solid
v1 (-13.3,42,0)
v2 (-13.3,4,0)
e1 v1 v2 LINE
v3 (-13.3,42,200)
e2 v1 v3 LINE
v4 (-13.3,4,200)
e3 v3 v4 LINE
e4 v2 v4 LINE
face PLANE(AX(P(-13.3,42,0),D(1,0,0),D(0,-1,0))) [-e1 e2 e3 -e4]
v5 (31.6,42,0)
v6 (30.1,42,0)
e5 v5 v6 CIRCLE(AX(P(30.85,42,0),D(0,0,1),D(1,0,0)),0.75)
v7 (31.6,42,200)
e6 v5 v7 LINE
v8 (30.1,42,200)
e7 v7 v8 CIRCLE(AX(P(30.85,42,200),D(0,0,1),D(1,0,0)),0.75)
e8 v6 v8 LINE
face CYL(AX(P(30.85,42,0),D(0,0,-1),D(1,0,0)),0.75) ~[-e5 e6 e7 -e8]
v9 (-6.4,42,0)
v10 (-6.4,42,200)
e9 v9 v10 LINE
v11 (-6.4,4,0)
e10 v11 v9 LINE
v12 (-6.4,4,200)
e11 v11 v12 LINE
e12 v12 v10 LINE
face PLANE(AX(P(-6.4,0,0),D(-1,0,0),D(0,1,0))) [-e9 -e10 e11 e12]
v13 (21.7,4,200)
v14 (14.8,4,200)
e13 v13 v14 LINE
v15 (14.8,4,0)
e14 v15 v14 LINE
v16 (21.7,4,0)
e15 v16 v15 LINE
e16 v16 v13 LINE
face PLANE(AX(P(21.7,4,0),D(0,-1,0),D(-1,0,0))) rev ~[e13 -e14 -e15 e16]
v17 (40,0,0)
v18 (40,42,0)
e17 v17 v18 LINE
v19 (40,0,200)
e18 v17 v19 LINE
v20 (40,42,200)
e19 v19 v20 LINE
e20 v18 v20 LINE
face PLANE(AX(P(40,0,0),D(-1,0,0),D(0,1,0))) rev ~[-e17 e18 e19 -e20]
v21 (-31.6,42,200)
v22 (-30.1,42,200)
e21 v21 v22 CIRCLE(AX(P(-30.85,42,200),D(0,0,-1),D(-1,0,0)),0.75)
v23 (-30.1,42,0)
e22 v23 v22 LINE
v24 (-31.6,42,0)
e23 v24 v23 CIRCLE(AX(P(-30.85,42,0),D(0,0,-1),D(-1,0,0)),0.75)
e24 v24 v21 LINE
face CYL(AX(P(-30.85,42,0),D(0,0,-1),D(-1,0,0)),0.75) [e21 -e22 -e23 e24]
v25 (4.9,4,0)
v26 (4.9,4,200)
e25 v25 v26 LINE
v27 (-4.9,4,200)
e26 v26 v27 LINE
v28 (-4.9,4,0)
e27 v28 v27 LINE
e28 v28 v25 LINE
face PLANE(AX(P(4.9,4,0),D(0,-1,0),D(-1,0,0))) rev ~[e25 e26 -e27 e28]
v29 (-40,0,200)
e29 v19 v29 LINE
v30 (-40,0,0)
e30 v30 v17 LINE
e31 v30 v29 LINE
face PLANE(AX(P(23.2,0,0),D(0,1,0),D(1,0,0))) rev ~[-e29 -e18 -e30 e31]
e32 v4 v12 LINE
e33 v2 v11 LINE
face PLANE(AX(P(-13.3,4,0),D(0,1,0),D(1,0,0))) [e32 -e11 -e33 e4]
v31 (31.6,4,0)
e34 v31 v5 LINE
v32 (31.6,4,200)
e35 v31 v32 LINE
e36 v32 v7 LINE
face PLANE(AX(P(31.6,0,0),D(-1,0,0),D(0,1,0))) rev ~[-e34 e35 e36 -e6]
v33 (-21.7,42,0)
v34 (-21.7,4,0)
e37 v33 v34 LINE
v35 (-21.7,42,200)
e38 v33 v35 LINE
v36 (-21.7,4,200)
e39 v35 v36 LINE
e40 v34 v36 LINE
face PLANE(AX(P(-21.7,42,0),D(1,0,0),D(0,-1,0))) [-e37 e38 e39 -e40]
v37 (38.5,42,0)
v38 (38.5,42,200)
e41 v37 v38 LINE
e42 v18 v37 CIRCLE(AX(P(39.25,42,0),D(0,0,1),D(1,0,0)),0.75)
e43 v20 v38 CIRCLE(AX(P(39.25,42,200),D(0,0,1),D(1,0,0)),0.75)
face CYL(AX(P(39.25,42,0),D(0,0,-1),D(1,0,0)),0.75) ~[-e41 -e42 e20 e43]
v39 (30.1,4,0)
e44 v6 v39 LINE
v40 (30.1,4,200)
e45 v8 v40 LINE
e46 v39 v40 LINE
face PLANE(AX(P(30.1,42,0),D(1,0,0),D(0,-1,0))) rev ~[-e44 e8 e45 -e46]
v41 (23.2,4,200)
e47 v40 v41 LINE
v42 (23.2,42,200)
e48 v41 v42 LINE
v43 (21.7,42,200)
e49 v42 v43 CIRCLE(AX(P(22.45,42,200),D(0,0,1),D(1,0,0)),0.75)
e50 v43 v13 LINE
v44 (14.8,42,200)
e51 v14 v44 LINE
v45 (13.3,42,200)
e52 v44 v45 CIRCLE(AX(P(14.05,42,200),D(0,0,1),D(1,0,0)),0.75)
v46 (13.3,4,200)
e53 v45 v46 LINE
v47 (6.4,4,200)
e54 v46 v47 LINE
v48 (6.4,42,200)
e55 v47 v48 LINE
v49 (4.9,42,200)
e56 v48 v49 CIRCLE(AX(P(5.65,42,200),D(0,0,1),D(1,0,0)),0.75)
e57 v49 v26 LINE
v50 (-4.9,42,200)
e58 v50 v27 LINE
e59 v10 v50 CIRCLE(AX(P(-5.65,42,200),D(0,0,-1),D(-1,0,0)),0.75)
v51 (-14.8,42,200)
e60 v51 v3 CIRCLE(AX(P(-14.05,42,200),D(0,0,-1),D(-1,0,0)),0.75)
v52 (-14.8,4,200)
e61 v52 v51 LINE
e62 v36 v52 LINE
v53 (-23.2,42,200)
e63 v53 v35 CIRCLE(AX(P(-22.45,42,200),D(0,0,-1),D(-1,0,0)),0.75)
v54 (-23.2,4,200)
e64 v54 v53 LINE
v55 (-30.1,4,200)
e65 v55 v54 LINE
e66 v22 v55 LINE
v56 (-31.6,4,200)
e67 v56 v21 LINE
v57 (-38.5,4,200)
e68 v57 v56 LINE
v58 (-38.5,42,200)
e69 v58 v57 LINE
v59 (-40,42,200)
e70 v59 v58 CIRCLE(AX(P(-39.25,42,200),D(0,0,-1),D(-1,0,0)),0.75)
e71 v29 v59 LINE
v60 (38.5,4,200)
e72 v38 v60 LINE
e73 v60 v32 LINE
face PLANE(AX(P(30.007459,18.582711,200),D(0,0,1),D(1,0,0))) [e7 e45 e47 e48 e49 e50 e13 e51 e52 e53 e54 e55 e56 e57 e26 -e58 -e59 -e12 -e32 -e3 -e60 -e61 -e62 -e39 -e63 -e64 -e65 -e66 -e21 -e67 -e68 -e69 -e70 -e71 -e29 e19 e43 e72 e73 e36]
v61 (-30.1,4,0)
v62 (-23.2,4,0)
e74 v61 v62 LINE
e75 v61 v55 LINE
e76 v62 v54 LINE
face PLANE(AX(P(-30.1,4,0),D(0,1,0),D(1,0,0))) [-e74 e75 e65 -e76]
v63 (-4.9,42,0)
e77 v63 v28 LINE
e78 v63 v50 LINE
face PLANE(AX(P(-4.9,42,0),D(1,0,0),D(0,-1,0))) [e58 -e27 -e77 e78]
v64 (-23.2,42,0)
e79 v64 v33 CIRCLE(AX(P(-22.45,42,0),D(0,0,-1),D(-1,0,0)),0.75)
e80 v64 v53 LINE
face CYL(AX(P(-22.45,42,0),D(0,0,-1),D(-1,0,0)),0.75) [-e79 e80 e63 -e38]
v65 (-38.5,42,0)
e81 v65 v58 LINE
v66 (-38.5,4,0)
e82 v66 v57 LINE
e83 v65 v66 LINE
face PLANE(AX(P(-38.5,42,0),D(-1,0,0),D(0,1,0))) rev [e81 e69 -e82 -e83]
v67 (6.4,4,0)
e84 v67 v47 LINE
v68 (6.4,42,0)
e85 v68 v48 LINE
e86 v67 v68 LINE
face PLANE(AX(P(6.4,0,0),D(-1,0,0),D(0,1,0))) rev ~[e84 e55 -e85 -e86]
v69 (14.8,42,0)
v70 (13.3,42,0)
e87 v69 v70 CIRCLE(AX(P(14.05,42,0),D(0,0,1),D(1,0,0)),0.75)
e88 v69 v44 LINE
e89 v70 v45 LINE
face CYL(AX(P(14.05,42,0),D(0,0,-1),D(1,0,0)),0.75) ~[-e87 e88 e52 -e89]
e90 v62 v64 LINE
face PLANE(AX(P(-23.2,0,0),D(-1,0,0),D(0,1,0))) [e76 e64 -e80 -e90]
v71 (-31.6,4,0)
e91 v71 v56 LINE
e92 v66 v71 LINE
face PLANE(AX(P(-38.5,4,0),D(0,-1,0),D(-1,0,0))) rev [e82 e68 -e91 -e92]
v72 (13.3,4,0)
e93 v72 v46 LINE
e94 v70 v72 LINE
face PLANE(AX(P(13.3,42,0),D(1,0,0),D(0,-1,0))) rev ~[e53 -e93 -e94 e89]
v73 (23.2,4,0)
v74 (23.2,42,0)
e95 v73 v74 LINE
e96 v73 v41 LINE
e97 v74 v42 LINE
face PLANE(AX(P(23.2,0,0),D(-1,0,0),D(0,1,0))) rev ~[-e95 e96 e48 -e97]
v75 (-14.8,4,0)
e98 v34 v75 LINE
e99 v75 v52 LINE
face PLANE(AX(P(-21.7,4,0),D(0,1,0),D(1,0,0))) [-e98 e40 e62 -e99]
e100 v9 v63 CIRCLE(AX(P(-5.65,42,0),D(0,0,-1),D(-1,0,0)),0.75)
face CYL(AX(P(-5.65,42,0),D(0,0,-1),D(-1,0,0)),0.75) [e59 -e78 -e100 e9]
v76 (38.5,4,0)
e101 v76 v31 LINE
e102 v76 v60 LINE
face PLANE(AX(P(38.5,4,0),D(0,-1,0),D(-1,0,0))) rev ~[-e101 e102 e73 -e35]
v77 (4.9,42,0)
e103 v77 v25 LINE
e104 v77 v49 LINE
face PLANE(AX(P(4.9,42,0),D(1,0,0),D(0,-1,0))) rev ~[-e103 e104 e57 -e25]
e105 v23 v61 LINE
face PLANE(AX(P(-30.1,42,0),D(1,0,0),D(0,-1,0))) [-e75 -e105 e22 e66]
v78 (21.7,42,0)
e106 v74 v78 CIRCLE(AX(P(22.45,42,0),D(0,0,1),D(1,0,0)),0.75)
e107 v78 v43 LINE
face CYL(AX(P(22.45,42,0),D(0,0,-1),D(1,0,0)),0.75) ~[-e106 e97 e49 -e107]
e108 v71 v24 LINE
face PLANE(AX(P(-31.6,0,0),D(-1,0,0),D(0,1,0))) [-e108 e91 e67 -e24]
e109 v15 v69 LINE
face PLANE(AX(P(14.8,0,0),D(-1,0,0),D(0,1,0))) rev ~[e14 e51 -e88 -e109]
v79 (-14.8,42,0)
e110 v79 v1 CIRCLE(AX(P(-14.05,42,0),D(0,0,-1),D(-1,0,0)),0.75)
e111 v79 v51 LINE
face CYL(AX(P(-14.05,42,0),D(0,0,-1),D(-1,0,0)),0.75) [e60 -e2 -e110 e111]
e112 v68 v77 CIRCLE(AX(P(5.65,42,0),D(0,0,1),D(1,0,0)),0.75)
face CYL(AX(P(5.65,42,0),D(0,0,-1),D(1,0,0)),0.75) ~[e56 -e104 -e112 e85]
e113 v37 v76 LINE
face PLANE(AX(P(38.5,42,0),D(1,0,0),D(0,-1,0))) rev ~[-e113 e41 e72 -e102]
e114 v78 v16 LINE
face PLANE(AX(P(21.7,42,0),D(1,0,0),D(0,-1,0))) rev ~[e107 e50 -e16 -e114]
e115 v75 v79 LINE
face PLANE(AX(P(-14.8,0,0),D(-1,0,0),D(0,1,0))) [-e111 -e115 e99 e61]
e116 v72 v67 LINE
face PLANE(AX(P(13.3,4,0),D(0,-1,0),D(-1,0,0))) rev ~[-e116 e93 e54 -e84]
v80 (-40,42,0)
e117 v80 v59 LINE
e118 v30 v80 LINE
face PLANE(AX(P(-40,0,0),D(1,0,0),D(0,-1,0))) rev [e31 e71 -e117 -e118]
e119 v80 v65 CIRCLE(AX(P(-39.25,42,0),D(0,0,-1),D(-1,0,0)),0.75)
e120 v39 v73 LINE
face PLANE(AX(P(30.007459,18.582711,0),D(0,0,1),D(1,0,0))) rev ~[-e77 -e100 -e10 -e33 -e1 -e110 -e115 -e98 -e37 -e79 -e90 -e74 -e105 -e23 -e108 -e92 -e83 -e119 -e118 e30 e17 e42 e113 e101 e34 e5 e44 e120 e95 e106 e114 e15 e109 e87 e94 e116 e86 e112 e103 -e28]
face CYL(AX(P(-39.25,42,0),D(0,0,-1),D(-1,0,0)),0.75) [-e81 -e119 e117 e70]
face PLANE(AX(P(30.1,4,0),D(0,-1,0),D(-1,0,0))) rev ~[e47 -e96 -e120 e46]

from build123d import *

# Parameters (mm, degrees)
SALIENTE_EXTRUIR1_DEPTH = 200
MATRIZL1_COUNT          = 5
MATRIZL1_PITCH          = 8.4
SIMETR_A1_COPY_1_DEPTH  = 200
SIMETR_A1_COPY_2_DEPTH  = 200
SIMETR_A1_COPY_3_DEPTH  = 200
SIMETR_A1_COPY_4_DEPTH  = 200


with BuildPart() as part:
    # Croquis1 → Saliente-Extruir1 (new body)
    with BuildSketch(Plane.XY):
        with BuildLine():
            Line((31.6, 4), (31.6, 0))
            Line((31.6, 0), (40, 0))
            Line((40, 0), (40, 42))
            ThreePointArc((40, 42), (39.25, 42.75), (38.5, 42))
            Line((38.5, 42), (38.5, 4))
            Line((38.5, 4), (31.6, 4))
        make_face()
    saliente_extruir1 = extrude(amount=SALIENTE_EXTRUIR1_DEPTH)

    # MatrizL1: Saliente-Extruir1 ×5
    with Locations(*[(-i * MATRIZL1_PITCH, 0, 0) for i in range(1, MATRIZL1_COUNT)]):
        add(saliente_extruir1)



with BuildPart() as simetr_a1_1:
    # Simetría1: Saliente-Extruir1 across plane
    add(saliente_extruir1.mirror(Plane(origin=(0, 0, 0), x_dir=(0, 0, 1), z_dir=(1, 0, 0))))

    # Simetría1 copy 1 sketch → Simetría1 copy 1 (add)
    with BuildSketch(Plane(origin=(8.4, 0, 0), x_dir=(-1, 0, 0), z_dir=(0, 0, 1))):
        with BuildLine():
            Line((31.6, -4), (31.6, 0))
            Line((31.6, 0), (40, 0))
            Line((40, 0), (40, -42))
            ThreePointArc((40, -42), (39.25, -42.75), (38.5, -42))
            Line((38.5, -42), (38.5, -4))
            Line((38.5, -4), (31.6, -4))
        make_face()
    extrude(amount=SIMETR_A1_COPY_1_DEPTH)

    # Simetría1 copy 2 sketch → Simetría1 copy 2 (add)
    with BuildSketch(Plane(origin=(16.8, 0, 0), x_dir=(-1, 0, 0), z_dir=(0, 0, 1))):
        with BuildLine():
            Line((31.6, -4), (31.6, 0))
            Line((31.6, 0), (40, 0))
            Line((40, 0), (40, -42))
            ThreePointArc((40, -42), (39.25, -42.75), (38.5, -42))
            Line((38.5, -42), (38.5, -4))
            Line((38.5, -4), (31.6, -4))
        make_face()
    extrude(amount=SIMETR_A1_COPY_2_DEPTH)

    # Simetría1 copy 3 sketch → Simetría1 copy 3 (add)
    with BuildSketch(Plane(origin=(25.2, 0, 0), x_dir=(-1, 0, 0), z_dir=(0, 0, 1))):
        with BuildLine():
            Line((31.6, -4), (31.6, 0))
            Line((31.6, 0), (40, 0))
            Line((40, 0), (40, -42))
            ThreePointArc((40, -42), (39.25, -42.75), (38.5, -42))
            Line((38.5, -42), (38.5, -4))
            Line((38.5, -4), (31.6, -4))
        make_face()
    extrude(amount=SIMETR_A1_COPY_3_DEPTH)


with BuildPart() as part_1:
    add(part.part)

    add(simetr_a1_1.part)  # Simetría1 copy 4 merges Simetría1_1
    # Simetría1 copy 4 sketch → Simetría1 copy 4 (add)
    with BuildSketch(Plane(origin=(33.6, 0, 0), x_dir=(-1, 0, 0), z_dir=(0, 0, 1))):
        with BuildLine():
            Line((31.6, -4), (31.6, 0))
            Line((31.6, 0), (40, 0))
            Line((40, 0), (40, -42))
            ThreePointArc((40, -42), (39.25, -42.75), (38.5, -42))
            Line((38.5, -42), (38.5, -4))
            Line((38.5, -4), (31.6, -4))
        make_face()
    extrude(amount=SIMETR_A1_COPY_4_DEPTH)


solid = part_1.part
